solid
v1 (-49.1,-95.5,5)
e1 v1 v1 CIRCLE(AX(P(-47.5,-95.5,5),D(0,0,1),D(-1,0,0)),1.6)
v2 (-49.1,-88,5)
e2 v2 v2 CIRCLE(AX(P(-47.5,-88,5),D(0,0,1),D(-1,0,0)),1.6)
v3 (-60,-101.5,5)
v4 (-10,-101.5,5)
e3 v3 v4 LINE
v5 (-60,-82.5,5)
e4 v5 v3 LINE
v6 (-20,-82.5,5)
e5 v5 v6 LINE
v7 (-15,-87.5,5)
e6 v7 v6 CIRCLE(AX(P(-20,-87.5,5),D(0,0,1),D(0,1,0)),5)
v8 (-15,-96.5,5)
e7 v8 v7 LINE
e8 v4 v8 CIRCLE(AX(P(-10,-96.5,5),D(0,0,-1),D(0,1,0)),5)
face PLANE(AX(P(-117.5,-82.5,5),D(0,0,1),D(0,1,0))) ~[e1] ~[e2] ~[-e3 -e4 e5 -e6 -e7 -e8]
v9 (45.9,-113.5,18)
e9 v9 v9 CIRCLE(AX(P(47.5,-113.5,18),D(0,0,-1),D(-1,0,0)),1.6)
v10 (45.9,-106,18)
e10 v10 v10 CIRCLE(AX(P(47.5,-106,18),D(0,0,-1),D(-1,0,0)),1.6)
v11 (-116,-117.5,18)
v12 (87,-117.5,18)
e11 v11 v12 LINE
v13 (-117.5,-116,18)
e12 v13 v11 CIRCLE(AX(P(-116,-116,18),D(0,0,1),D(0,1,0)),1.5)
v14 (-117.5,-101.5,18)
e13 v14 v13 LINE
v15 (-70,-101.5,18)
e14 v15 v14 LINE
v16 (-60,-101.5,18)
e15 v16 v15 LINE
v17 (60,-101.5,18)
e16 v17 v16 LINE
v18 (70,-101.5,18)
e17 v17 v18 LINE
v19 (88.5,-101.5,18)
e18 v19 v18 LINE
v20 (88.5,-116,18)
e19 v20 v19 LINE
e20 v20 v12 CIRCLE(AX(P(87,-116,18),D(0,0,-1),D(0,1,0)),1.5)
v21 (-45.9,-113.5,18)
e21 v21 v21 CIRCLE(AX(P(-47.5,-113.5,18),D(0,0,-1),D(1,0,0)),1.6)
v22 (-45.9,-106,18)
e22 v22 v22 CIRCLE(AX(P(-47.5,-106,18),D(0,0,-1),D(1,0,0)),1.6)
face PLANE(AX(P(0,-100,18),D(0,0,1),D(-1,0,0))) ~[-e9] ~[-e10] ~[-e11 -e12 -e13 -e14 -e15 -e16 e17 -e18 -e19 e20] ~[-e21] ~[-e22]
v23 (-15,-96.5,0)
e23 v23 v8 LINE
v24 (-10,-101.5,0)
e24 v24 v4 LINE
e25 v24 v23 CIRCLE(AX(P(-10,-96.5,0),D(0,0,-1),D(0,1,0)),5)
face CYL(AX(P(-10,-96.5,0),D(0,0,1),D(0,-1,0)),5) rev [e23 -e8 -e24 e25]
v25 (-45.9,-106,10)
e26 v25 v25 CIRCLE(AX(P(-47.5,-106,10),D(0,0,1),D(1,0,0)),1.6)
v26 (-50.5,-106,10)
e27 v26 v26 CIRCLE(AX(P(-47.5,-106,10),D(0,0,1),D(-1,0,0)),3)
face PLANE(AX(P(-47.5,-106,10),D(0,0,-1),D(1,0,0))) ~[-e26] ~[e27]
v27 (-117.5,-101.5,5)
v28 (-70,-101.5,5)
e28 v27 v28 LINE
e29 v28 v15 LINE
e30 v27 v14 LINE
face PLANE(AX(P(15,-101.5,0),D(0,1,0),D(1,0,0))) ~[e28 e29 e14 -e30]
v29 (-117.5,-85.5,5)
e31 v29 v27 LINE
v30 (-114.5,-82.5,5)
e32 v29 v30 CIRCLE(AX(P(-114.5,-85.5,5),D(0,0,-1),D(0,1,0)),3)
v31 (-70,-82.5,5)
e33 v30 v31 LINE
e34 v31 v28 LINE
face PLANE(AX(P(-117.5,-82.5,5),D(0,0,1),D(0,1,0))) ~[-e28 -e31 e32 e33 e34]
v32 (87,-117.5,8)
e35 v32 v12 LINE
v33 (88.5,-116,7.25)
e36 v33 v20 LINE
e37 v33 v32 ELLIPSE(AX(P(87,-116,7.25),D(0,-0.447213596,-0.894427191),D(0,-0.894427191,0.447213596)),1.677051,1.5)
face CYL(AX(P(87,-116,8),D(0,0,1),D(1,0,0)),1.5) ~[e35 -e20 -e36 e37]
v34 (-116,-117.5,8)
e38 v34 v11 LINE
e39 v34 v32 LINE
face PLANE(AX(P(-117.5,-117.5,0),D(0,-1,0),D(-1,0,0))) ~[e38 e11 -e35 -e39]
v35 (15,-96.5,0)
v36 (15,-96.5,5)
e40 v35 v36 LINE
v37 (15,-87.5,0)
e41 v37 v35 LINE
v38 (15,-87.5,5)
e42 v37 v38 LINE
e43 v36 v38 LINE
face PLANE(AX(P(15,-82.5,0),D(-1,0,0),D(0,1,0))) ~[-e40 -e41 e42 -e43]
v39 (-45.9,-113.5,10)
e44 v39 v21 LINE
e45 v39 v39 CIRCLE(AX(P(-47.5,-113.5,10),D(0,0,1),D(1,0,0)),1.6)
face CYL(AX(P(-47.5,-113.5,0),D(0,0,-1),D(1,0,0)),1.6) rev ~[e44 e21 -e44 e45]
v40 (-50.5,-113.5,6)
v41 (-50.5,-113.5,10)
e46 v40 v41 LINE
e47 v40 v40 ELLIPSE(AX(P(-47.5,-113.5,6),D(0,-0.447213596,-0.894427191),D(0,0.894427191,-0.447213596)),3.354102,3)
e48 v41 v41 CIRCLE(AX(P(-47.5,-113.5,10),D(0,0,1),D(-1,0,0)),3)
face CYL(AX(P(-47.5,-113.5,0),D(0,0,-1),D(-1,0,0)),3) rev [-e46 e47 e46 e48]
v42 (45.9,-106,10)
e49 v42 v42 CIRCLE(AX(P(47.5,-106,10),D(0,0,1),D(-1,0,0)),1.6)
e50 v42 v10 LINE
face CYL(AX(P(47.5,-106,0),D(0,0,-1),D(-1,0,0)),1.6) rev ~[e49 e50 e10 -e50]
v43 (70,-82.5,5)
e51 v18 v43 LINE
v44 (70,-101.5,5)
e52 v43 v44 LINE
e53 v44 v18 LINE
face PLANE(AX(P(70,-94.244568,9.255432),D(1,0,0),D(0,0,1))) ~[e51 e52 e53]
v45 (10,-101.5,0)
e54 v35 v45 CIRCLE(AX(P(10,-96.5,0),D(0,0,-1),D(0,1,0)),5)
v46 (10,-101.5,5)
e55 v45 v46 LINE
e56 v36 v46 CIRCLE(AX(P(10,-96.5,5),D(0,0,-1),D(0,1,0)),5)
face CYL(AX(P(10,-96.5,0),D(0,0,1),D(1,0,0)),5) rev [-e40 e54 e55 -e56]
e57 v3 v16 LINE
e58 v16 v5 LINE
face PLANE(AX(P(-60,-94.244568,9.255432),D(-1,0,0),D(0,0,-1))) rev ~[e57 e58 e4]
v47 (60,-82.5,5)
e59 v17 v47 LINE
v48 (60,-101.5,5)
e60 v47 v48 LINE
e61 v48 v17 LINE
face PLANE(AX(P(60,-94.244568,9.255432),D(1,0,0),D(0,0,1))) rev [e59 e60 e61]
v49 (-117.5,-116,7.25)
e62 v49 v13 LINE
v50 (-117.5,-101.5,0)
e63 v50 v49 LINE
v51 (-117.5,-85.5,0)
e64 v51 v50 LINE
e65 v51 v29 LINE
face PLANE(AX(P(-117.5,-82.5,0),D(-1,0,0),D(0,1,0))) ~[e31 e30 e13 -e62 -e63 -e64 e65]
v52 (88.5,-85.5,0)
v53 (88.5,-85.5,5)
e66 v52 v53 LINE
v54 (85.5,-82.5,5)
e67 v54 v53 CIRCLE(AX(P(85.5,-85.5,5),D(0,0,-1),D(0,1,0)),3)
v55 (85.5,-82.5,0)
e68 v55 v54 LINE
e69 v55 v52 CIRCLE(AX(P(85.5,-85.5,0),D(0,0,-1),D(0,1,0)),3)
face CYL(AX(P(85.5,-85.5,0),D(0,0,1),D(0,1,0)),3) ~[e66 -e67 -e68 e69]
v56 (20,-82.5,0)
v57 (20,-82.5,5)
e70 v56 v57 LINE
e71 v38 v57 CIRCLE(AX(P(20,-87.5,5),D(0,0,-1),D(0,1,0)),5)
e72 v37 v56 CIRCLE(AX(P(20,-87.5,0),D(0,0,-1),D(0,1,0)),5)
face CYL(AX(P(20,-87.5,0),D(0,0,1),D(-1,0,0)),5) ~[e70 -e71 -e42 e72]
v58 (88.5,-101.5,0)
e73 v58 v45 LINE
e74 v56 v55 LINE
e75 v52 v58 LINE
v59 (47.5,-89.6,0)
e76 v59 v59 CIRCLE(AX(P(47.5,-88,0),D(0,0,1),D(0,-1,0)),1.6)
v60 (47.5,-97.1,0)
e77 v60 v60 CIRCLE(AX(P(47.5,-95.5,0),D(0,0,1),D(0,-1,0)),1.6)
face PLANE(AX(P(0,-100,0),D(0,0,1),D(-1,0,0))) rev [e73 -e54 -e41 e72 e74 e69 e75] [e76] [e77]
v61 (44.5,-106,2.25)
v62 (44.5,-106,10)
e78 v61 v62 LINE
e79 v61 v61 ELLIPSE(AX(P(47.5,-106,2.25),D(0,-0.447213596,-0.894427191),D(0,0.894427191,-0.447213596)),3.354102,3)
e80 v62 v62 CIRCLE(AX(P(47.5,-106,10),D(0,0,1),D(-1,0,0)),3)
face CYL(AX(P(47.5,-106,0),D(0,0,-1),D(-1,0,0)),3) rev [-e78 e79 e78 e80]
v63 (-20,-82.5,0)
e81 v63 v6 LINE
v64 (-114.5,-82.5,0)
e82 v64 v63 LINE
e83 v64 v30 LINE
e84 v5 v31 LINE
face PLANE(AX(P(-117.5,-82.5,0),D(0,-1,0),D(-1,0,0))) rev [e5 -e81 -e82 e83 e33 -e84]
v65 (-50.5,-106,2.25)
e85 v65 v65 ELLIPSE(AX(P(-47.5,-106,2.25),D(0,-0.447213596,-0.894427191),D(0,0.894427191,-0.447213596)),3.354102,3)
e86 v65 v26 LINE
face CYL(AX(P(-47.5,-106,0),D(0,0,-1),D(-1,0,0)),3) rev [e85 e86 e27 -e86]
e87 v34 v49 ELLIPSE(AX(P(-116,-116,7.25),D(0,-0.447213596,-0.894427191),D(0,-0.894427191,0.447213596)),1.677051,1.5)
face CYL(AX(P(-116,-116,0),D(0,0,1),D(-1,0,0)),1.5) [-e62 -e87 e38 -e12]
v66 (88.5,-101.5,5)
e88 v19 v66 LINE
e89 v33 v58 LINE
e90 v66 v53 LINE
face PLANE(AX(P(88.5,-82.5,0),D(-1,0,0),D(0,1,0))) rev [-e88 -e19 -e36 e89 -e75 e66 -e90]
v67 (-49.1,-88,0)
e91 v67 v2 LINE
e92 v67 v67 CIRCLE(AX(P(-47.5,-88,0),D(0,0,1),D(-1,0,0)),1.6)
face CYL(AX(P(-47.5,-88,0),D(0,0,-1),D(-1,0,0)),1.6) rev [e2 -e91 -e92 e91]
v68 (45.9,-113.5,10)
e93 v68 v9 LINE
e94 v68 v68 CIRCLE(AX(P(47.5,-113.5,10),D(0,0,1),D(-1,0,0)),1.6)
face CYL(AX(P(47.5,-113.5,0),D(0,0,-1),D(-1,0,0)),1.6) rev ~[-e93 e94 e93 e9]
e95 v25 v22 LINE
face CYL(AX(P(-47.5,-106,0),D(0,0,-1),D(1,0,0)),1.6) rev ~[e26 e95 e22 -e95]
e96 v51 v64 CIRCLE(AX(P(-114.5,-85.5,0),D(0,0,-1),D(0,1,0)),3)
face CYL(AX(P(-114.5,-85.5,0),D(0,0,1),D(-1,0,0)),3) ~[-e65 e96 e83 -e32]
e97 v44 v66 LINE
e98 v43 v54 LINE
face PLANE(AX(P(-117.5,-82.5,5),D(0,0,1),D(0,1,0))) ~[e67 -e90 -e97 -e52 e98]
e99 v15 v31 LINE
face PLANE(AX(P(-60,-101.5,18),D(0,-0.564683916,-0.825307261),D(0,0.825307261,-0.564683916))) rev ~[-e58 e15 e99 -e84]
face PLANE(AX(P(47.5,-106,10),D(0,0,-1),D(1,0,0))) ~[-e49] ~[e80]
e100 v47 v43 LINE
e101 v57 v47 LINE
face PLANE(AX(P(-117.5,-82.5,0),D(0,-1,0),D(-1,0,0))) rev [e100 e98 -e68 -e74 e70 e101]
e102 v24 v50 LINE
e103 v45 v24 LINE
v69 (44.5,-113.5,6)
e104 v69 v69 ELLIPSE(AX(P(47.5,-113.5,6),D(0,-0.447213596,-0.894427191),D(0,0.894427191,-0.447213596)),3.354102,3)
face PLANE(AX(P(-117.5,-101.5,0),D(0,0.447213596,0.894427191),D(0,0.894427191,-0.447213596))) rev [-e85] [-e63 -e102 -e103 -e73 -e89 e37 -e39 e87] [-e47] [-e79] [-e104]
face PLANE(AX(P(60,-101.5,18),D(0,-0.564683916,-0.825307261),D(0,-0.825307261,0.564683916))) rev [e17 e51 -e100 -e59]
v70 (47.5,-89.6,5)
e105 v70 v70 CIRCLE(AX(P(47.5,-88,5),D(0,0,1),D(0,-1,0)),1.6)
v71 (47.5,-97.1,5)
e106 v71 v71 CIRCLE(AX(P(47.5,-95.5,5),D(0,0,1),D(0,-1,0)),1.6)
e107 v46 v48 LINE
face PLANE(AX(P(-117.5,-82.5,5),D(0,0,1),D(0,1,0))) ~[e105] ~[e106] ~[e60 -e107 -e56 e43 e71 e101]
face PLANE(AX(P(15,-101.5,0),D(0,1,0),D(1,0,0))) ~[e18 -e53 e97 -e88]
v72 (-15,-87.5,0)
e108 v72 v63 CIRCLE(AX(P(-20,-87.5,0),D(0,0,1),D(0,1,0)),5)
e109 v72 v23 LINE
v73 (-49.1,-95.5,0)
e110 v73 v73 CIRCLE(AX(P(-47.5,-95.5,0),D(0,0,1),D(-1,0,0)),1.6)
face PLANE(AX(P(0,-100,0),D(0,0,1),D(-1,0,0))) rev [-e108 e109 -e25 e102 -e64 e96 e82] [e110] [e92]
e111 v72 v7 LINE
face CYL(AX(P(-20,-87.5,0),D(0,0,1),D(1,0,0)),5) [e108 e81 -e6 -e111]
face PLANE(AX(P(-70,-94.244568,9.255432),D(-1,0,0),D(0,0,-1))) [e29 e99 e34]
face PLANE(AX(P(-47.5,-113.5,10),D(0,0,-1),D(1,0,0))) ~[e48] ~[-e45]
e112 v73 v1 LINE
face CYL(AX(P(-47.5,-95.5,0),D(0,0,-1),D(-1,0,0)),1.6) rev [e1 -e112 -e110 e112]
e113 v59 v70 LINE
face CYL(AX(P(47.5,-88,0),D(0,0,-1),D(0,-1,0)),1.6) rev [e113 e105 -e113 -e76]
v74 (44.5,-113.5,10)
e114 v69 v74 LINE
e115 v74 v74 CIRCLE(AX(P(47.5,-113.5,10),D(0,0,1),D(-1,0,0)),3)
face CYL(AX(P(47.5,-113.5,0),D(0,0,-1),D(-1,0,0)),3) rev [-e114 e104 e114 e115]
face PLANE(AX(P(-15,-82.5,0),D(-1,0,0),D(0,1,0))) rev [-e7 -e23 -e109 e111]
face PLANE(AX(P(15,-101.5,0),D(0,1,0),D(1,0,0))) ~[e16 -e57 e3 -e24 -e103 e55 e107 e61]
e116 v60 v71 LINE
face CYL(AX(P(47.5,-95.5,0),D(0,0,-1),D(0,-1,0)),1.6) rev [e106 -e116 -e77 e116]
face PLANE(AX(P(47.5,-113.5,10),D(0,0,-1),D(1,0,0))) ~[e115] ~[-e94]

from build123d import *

# Parameters (mm, degrees)
SKETCH_1_W           = 235
SKETCH_1_H           = 35
SKETCH_1_R           = 1.6
EXTRUDE_1_DEPTH      = 18
FILLET_1_R           = 1.5
CUT_EXTRUDE_1_DEPTH  = 237.337153237
SKETCH_3_W           = 13
SKETCH_3_H           = 19
CUT_EXTRUDE_2_DEPTH  = 237.337153237
SKETCH_5_R           = 1.6
CUT_EXTRUDE_5_DEPTH  = 121.151987083
SKETCH_6_R           = 3
CUT_EXTRUDE_6_DEPTH  = 10
SKETCH_10_W          = 29
SKETCH_10_H          = 35
CUT_EXTRUDE_9_DEPTH  = 30
FILLET_2_R           = 3
FILLET_5_R           = 1.5
SKETCH_11_W          = 30
SKETCH_11_H          = 19
CUT_EXTRUDE_10_DEPTH = 30
FILLET_6_R           = 5
EXTRUDE_2_DEPTH      = 10
SKETCH_13_W          = 250
SKETCH_13_H          = 88
CUT_EXTRUDE_11_DEPTH = 168.142155066


with BuildPart() as part:
    # 草图1 → 凸台-拉伸1 (new body)
    with BuildSketch(Plane.XY):
        Rectangle(SKETCH_1_W, SKETCH_1_H)
        with Locations((-47.5, 13.5)):
            Circle(SKETCH_1_R, mode=Mode.SUBTRACT)
        with Locations(Location((47.5, 13.5, 0), (0, 0, 180))):
            Circle(SKETCH_1_R, mode=Mode.SUBTRACT)
        with Locations((-47.5, 6)):
            Circle(SKETCH_1_R, mode=Mode.SUBTRACT)
        with Locations(Location((47.5, 6, 0), (0, 0, 180))):
            Circle(SKETCH_1_R, mode=Mode.SUBTRACT)
    extrude(amount=EXTRUDE_1_DEPTH)

    # 圆角1
    fillet_1_edges = [part.edges().sort_by_distance(p)[0] for p in [
        (-117.5, 17.5, 9),
        (117.5, 17.5, 9),
    ]]
    fillet(fillet_1_edges, radius=FILLET_1_R)

    # 草图2 → 切除-拉伸1 (cut, through all)
    with BuildSketch(Plane.ZY.offset(117.5)):
        Polygon((0, 1.5), (8, 17.5), (0, 17.5), align=None)
    extrude(amount=-CUT_EXTRUDE_1_DEPTH, mode=Mode.SUBTRACT)

    # 草图3 → 切除-拉伸2 (cut, through all)
    with BuildSketch(Plane.ZY.offset(117.5)):
        with Locations((11.5, -8)):
            Rectangle(SKETCH_3_W, SKETCH_3_H)
    extrude(amount=-CUT_EXTRUDE_2_DEPTH, mode=Mode.SUBTRACT)

    # 草图5 → 切除-拉伸5 (cut, through all)
    with BuildSketch(Plane(origin=(0, 0, 0), x_dir=(-1, 0, 0), z_dir=(0, 0, -1))):
        with Locations((47.5, -4.5)):
            Circle(SKETCH_5_R)
        with Locations((47.5, -12)):
            Circle(SKETCH_5_R)
        with Locations(Location((-47.5, -12, 0), (0, 0, 90))):
            Circle(SKETCH_5_R)
        with Locations(Location((-47.5, -4.5, 0), (0, 0, 90))):
            Circle(SKETCH_5_R)
    extrude(amount=-CUT_EXTRUDE_5_DEPTH, mode=Mode.SUBTRACT)

    # 草图6 → 切除-拉伸6 (cut)
    with BuildSketch(Plane(origin=(0, 0, 0), x_dir=(-1, 0, 0), z_dir=(0, 0, -1))):
        with Locations((47.5, 6)):
            Circle(SKETCH_6_R)
        with Locations((47.5, 13.5)):
            Circle(SKETCH_6_R)
        with Locations((-47.5, 6)):
            Circle(SKETCH_6_R)
        with Locations((-47.5, 13.5)):
            Circle(SKETCH_6_R)
    extrude(amount=-CUT_EXTRUDE_6_DEPTH, mode=Mode.SUBTRACT)

    # 草图10 → 切除-拉伸9 (cut)
    with BuildSketch(Plane(origin=(0, 0, 0), x_dir=(-1, 0, 0), z_dir=(0, 0, -1))):
        with Locations((-103, 0)):
            Rectangle(SKETCH_10_W, SKETCH_10_H)
    extrude(amount=-CUT_EXTRUDE_9_DEPTH, mode=Mode.SUBTRACT)

    # 圆角2
    fillet_2_edges = [part.edges().sort_by_distance(p)[0] for p in [
        (88.5, -17.5, 2.5),
        (-117.5, -17.5, 2.5),
    ]]
    fillet(fillet_2_edges, radius=FILLET_2_R)

    # 圆角5
    fillet_5_edges = [part.edges().sort_by_distance(p)[0] for p in [
        (88.5, 17.5, 13),
    ]]
    fillet(fillet_5_edges, radius=FILLET_5_R)

    # 草图11 → 切除-拉伸10 (cut)
    with BuildSketch(Plane(origin=(0, 0, 0), x_dir=(-1, 0, 0), z_dir=(0, 0, -1))):
        with Locations((0, -8)):
            Rectangle(SKETCH_11_W, SKETCH_11_H)
    extrude(amount=-CUT_EXTRUDE_10_DEPTH, mode=Mode.SUBTRACT)

    # 圆角6
    fillet_6_edges = [part.edges().sort_by_distance(p)[0] for p in [
        (15, 1.5, 2.5),
        (-15, -17.5, 2.5),
        (15, -17.5, 2.5),
        (-15, 1.5, 2.5),
    ]]
    fillet(fillet_6_edges, radius=FILLET_6_R)

    # 草图12 → 凸台-拉伸2 (add)
    with BuildSketch(Plane(origin=(60, 0, 0), x_dir=(0, 0, -1), z_dir=(1, 0, 0))):
        Polygon((-18, 1.5), (-5, -17.5), (-5, 1.5), align=None)
    extrude_2 = extrude(amount=EXTRUDE_2_DEPTH)

    # 镜向1: 凸台-拉伸2 across plane
    add(extrude_2.mirror(Plane(origin=(0, 0, 0), x_dir=(0, 0, 1), z_dir=(1, 0, 0))))


with BuildPart() as body_2:
    # 镜向2: mirrored copy
    add(part.part.mirror(Plane.ZX.offset(-50)))


with BuildPart() as part_1:
    add(part.part)

    # 草图13 → 切除-拉伸11 (cut, through all)
    with BuildSketch(Plane(origin=(0, 0, 0), x_dir=(-1, 0, 0), z_dir=(0, 0, -1))):
        with Locations((13.680717654, 5.907187604)):
            Rectangle(SKETCH_13_W, SKETCH_13_H)
    extrude(amount=-CUT_EXTRUDE_11_DEPTH, mode=Mode.SUBTRACT)


solid = body_2.part
